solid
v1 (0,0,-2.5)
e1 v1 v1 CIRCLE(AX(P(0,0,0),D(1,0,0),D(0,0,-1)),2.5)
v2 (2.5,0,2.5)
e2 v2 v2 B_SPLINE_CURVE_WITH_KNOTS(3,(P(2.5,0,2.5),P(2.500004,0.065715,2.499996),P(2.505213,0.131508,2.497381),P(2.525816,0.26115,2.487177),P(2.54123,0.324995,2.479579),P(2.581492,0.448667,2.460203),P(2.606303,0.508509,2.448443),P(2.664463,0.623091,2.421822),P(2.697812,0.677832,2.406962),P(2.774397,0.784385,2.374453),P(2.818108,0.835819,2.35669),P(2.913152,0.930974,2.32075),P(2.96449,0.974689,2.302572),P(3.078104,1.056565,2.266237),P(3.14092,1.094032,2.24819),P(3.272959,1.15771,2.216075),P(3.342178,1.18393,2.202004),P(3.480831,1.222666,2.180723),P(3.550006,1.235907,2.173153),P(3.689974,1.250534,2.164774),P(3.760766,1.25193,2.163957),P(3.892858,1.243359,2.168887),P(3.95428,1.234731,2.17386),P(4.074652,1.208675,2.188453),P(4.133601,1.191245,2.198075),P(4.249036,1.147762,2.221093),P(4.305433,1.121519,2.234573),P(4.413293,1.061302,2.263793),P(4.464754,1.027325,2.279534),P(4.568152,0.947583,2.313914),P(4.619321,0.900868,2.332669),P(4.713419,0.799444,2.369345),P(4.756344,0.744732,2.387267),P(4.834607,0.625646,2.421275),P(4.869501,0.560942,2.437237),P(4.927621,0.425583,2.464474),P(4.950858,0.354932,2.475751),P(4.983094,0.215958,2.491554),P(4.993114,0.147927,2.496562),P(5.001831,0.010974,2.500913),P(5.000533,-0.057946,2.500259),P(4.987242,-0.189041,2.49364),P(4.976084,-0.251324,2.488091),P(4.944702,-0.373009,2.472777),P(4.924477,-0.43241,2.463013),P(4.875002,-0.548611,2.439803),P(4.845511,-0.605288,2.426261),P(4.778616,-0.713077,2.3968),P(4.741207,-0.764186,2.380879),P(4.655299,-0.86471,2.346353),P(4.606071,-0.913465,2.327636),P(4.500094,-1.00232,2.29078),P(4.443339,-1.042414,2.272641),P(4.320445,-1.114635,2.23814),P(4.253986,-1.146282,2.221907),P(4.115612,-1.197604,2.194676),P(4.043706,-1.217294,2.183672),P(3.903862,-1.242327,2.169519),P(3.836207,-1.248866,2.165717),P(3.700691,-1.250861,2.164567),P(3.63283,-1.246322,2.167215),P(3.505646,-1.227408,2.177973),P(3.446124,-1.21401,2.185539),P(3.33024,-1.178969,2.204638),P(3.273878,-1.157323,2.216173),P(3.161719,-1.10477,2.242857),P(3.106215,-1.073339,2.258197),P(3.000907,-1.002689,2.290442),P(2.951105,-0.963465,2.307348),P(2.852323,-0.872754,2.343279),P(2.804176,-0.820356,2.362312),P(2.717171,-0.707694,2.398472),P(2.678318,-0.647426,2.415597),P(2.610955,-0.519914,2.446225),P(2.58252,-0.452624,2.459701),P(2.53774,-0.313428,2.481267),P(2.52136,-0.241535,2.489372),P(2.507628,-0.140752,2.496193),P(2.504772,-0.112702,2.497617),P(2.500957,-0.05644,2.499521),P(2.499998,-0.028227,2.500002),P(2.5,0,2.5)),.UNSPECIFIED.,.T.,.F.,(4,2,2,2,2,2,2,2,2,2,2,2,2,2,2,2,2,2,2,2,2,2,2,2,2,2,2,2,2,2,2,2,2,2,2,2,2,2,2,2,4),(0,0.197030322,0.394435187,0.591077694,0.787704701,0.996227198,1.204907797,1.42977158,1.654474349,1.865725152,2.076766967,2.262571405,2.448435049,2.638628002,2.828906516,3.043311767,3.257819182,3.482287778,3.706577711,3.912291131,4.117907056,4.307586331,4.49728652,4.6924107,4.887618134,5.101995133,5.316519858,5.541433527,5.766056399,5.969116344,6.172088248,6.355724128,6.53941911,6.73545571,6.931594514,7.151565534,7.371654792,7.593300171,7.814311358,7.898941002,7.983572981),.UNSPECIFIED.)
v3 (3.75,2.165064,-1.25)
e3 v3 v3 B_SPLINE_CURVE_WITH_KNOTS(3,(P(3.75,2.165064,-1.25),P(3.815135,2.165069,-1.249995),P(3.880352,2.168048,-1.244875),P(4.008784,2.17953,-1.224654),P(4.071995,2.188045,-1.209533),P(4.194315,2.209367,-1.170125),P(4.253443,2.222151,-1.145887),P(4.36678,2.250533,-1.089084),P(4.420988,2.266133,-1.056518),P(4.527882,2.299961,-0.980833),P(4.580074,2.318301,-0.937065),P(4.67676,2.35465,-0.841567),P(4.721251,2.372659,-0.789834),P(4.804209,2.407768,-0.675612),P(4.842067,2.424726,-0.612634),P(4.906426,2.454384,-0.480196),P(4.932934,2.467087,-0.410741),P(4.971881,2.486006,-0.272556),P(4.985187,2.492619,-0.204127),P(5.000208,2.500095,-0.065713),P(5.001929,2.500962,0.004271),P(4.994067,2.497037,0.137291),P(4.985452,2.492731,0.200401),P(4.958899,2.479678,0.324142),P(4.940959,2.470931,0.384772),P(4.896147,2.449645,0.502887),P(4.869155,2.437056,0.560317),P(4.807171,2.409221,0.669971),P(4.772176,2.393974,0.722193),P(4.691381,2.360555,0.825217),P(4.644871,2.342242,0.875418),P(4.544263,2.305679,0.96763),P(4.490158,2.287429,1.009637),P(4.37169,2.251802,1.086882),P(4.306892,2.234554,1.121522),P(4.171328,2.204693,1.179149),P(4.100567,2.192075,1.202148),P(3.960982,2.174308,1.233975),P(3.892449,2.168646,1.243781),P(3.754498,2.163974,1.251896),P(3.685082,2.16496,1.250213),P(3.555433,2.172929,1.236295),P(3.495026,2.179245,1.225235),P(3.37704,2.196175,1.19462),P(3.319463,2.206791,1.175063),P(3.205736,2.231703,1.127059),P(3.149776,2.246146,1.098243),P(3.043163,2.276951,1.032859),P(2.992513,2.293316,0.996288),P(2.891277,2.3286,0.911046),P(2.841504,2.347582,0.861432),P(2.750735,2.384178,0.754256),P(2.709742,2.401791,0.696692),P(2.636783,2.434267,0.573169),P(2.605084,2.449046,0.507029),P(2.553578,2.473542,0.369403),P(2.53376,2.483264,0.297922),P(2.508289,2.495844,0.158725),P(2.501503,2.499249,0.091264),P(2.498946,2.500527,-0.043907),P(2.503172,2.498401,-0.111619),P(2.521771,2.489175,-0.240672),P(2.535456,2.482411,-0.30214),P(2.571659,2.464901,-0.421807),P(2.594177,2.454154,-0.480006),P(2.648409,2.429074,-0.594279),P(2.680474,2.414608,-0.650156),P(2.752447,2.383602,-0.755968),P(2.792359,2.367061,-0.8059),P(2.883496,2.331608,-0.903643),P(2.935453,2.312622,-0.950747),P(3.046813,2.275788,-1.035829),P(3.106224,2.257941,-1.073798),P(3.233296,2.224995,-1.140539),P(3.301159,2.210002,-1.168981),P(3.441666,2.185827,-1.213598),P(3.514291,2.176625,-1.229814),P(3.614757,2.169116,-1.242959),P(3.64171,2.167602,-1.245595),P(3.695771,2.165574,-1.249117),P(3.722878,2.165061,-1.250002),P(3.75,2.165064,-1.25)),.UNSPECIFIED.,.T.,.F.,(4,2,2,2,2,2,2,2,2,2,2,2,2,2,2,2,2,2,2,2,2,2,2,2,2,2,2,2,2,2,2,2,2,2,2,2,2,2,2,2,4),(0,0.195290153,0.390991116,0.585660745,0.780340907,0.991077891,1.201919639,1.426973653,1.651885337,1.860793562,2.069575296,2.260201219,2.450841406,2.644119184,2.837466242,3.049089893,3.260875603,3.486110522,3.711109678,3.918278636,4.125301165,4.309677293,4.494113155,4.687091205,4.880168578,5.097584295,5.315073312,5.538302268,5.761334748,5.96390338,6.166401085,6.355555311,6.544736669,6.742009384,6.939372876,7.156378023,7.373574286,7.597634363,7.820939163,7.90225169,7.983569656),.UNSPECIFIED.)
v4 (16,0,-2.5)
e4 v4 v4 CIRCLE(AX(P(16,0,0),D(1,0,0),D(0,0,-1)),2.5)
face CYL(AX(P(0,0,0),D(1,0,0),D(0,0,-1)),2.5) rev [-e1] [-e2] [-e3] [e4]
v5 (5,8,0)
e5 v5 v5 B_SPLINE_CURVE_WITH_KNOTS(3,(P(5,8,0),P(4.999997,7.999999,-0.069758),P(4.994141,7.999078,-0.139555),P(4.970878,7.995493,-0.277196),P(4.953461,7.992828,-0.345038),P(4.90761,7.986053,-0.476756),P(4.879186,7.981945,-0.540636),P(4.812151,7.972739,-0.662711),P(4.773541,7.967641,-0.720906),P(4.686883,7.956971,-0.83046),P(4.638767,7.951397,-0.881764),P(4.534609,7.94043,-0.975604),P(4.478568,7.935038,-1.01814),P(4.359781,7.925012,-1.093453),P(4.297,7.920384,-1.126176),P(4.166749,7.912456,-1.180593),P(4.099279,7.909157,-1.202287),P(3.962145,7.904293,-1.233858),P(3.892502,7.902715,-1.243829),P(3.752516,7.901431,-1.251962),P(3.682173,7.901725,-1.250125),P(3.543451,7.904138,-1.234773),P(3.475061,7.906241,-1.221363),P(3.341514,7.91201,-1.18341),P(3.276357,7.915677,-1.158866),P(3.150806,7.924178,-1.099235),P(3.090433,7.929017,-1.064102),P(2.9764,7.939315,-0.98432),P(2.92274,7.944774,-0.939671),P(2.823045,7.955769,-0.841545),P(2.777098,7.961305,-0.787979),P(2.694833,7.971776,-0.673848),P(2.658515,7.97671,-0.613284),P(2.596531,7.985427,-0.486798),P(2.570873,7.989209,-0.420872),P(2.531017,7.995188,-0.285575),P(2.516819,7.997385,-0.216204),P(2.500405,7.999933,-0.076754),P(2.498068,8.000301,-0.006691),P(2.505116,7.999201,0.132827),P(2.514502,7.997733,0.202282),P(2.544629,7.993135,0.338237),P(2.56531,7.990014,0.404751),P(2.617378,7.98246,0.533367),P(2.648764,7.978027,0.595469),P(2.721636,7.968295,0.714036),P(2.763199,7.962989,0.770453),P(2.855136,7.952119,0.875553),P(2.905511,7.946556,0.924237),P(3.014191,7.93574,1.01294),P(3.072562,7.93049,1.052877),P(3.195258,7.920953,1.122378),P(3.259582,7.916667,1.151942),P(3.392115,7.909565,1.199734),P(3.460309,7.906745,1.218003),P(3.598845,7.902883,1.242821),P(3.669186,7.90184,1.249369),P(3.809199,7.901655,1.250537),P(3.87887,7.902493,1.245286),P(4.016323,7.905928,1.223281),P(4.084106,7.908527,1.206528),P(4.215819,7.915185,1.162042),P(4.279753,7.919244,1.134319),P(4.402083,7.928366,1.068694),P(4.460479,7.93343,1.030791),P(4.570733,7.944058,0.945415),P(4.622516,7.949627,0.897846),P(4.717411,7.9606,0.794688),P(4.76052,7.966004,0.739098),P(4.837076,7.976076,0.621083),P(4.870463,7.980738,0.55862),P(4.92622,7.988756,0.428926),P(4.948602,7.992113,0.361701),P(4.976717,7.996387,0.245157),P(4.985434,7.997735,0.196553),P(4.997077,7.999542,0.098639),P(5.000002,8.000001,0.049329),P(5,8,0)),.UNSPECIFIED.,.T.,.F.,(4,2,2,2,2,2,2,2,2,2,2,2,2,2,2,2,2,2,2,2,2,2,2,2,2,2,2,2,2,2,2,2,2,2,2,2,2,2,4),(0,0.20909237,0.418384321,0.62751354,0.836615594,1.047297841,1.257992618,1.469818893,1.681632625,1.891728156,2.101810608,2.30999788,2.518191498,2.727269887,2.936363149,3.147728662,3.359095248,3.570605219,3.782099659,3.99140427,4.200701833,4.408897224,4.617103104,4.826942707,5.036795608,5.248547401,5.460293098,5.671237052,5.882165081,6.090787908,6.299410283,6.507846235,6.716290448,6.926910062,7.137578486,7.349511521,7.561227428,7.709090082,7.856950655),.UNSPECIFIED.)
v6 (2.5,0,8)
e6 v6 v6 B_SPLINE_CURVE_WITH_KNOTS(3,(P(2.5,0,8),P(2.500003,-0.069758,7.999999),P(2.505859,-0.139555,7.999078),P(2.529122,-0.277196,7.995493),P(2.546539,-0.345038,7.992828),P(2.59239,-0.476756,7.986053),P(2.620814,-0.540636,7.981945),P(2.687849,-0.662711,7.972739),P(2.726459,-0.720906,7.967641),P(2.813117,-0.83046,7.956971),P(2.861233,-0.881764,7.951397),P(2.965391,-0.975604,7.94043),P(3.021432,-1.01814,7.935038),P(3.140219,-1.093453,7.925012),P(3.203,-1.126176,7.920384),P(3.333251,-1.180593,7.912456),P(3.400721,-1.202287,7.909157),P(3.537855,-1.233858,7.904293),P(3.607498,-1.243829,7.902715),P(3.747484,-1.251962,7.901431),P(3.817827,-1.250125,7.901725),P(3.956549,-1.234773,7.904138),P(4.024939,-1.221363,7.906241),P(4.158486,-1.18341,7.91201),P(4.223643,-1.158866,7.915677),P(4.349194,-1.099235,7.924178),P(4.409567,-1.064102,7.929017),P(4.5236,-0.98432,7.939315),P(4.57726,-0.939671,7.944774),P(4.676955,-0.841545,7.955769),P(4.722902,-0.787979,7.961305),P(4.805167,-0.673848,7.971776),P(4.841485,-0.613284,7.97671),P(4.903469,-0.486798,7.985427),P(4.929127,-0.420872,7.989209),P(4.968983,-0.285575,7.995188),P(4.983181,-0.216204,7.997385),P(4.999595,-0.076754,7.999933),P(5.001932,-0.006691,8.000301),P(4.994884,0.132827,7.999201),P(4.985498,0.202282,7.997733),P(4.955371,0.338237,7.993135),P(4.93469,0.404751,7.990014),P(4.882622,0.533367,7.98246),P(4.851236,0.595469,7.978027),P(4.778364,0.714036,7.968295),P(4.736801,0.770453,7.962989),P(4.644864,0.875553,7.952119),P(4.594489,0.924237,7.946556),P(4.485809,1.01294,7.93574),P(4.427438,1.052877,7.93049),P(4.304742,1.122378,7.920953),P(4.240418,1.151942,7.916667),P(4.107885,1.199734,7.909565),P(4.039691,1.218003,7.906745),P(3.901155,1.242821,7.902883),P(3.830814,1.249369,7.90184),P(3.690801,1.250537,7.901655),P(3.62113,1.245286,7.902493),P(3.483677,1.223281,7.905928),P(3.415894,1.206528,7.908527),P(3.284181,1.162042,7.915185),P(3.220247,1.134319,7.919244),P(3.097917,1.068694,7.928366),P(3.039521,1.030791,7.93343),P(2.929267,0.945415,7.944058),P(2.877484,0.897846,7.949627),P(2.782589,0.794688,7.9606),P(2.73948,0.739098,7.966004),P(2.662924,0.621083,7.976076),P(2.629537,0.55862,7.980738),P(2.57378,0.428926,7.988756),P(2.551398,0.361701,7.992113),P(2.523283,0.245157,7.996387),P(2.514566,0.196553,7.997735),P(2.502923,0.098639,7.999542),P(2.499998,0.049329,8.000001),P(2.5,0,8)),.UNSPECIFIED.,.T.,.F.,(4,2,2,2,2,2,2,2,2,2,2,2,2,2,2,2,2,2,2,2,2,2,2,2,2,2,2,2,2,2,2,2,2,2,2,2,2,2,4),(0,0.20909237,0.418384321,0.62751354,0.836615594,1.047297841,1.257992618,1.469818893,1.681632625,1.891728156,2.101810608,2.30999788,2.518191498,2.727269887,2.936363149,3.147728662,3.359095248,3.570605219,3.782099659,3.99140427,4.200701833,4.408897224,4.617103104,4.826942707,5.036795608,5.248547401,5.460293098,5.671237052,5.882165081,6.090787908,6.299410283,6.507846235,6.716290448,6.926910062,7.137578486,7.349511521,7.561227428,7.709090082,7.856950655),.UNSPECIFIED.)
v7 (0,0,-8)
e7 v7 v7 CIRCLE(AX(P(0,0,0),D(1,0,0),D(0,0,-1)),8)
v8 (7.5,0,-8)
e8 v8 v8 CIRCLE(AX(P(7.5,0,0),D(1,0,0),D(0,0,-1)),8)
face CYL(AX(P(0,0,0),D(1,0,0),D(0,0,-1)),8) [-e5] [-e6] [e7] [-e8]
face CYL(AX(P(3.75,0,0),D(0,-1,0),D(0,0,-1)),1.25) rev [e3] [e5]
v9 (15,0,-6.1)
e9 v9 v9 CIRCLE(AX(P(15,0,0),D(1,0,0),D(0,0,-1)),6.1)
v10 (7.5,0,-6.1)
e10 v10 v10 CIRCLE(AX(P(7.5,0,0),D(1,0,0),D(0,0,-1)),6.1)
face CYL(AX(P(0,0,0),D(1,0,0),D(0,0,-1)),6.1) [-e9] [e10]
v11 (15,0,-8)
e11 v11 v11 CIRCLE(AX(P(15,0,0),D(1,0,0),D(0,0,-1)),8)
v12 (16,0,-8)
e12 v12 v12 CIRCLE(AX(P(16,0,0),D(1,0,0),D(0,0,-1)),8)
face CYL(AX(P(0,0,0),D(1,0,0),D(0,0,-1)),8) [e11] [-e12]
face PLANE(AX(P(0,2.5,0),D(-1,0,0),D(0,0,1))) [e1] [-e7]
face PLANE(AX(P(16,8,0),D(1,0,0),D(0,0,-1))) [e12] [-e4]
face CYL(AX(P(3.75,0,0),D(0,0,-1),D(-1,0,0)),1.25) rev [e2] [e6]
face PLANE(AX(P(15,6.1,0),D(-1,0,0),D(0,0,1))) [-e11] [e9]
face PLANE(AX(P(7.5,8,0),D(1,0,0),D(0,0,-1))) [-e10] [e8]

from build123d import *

# Parameters (mm, degrees)
SKETCH2_W = 1.25
SKETCH2_H = 8
SKETCH4_W = 1.25
SKETCH4_H = 8


with BuildPart() as part:
    # Sketch1 → Revolve1 (revolve)
    with BuildSketch(Plane.XY, mode=Mode.PRIVATE) as revolve1_sk:
        Polygon((0, 2.5), (0, 8), (7.5, 8), (7.5, 6.1), (15, 6.1), (15, 8), (16, 8), (16, 2.5), align=None)
    revolve(revolve1_sk.sketch.rotate(Axis((0, 0, 0), (-1, 0, 0)), 90), axis=Axis((0, 0, 0), (-1, 0, 0)))

    # Sketch2 → M3x0.5 Tapped Hole1 (revolve, cut)
    with BuildSketch(Plane(origin=(3.75, 0, 0), x_dir=(0, 0, -1), z_dir=(1, 0, 0))):
        with Locations((0.625, 4)):
            Rectangle(SKETCH2_W, SKETCH2_H)
    revolve(axis=Axis((3.75, -6.35, 0), (0, 1, 0)), mode=Mode.SUBTRACT)

    # Sketch4 → M3x0.5 Tapped Hole2 (revolve, cut)
    with BuildSketch(Plane.YZ.offset(3.75)):
        with Locations((0.625, 4)):
            Rectangle(SKETCH4_W, SKETCH4_H)
    revolve(axis=Axis((3.75, 0, -6.35), (0, 0, 1)), mode=Mode.SUBTRACT)


solid = part.part
